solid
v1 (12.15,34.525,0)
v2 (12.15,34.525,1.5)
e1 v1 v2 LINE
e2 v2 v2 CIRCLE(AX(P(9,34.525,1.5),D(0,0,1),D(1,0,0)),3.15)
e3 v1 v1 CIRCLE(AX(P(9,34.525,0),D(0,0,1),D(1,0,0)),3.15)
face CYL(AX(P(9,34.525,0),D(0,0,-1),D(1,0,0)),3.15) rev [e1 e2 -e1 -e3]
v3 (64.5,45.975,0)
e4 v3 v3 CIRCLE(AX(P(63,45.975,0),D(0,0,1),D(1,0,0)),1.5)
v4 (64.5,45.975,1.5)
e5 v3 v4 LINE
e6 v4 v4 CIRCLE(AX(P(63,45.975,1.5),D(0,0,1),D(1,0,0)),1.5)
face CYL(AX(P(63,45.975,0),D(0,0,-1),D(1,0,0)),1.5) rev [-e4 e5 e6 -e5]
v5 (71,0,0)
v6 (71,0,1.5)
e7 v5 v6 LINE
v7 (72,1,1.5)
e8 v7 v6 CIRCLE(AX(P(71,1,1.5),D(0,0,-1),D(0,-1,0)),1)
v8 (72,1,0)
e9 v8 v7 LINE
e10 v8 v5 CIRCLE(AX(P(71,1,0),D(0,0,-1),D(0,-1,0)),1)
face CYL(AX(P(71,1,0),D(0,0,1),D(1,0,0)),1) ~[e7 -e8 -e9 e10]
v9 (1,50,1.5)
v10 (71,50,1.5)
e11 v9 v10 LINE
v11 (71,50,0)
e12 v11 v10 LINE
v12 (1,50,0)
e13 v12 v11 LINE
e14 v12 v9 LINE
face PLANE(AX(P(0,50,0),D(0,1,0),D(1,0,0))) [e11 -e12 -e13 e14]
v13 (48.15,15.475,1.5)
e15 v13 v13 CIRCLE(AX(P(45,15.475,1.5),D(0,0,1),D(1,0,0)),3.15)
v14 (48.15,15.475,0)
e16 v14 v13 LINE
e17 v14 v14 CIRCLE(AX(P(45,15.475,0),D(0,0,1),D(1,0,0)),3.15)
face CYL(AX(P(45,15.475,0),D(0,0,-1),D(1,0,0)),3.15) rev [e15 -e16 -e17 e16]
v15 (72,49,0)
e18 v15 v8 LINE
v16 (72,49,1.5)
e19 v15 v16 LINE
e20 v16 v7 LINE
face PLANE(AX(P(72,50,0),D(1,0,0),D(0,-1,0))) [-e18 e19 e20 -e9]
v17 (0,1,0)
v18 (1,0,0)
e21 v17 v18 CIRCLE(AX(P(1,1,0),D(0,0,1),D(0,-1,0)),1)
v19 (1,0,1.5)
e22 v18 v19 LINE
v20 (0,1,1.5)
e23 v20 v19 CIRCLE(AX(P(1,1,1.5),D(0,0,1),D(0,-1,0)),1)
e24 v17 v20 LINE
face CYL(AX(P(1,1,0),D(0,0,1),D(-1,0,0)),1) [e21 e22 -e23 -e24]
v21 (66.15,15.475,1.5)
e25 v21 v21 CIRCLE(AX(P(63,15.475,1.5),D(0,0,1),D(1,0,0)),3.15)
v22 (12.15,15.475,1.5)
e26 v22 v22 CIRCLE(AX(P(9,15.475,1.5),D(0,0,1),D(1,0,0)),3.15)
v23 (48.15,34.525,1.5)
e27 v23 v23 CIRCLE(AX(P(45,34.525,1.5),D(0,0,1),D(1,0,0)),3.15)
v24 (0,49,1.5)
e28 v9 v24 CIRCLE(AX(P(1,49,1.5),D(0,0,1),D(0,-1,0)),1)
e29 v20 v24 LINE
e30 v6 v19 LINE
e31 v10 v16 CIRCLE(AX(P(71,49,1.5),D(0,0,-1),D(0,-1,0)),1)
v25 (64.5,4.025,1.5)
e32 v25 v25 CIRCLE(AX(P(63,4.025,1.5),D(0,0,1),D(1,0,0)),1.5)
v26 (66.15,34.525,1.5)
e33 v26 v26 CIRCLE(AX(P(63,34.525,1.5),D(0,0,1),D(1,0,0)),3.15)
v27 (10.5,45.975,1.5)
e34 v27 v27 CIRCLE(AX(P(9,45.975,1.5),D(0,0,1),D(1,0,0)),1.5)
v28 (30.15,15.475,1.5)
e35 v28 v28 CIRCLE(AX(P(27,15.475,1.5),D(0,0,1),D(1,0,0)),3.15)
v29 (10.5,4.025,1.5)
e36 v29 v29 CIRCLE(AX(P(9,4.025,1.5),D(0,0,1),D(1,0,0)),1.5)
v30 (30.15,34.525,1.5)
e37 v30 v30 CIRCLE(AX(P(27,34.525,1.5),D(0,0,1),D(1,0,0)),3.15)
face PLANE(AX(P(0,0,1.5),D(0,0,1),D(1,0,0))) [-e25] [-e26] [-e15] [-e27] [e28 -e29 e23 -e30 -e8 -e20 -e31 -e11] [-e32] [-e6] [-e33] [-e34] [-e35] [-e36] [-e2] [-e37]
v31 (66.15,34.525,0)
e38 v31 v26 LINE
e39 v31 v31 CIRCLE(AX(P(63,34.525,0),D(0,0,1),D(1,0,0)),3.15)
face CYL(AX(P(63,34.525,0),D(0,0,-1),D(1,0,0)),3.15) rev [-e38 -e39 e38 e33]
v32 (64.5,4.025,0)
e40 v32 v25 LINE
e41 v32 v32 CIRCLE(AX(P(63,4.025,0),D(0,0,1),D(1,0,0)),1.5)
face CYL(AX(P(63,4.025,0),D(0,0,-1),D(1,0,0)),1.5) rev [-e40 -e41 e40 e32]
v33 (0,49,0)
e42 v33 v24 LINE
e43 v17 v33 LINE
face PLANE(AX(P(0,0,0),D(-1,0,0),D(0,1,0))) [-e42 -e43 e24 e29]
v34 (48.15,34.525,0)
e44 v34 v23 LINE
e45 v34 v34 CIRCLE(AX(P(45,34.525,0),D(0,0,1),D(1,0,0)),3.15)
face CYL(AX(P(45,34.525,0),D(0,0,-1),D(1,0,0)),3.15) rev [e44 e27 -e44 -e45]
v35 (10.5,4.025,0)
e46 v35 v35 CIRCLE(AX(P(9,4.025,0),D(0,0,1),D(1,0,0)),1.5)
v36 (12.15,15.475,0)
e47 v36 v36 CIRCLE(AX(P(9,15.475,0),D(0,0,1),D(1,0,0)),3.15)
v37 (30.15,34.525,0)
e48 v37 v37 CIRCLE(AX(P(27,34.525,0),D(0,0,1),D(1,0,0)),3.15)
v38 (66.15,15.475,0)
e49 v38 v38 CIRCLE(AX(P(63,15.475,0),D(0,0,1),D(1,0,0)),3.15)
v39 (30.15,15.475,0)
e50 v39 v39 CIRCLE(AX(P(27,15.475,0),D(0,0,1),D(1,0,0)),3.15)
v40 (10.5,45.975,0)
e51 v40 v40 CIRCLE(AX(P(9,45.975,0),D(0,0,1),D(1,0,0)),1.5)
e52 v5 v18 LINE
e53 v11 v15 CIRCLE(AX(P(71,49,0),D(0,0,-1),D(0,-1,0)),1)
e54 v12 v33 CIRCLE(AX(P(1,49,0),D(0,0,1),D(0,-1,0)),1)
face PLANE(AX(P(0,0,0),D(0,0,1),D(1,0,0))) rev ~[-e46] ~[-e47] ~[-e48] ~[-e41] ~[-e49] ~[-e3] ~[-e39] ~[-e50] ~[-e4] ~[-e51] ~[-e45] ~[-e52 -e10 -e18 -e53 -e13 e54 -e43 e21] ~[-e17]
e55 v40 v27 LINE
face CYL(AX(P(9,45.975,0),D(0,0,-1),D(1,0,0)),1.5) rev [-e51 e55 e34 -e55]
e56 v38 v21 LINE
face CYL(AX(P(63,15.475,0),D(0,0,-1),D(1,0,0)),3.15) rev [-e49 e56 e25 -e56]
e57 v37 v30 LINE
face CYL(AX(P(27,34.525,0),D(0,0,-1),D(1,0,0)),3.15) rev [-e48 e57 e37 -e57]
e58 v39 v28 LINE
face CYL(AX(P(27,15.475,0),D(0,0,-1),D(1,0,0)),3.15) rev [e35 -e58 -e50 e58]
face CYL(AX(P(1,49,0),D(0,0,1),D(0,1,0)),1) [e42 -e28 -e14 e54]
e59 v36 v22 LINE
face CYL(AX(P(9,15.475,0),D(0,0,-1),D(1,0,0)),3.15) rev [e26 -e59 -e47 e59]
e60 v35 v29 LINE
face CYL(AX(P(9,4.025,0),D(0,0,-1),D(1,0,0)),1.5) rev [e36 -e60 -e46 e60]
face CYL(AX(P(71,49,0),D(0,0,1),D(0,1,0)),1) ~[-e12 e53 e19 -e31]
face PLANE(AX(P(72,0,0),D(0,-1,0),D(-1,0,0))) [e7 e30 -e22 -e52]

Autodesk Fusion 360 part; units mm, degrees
sketch "Sketch1" plane through (0, 0, 0) normal (0, 0, 1) x (1, 0, 0)
  circle A0 centre (9, 34.525) radius 3.95
  circle A1 centre (9, 15.475) radius 3.95
  line L0 (9, 34.525) -> (9, 15.475) construction
  circle A2 centre (9, 45.975) radius 1.5
  circle A3 centre (9, 4.025) radius 1.5
  line L1 (-1.2896, 25) -> (19.2896, 25) construction
  line L2 (9, 45.975) -> (9, 4.025) construction
  line L3 (5.7, 40.3994) -> (5.7, 10.52)
  line L4 (5.7, 10.52) -> (12.3, 10.52) construction
  line L5 (12.3, 10.52) -> (12.3, 40.3994)
  line L6 (12.3, 40.3994) -> (5.7, 40.3994) construction
  line L7 (5.05, 34.525) -> (12.95, 34.525) construction
  circle A4 centre (27, 34.525) radius 3.95
  line L8 (23.7, 40.3994) -> (23.7, 10.52)
  line L9 (30.3, 10.52) -> (30.3, 40.3994)
  circle A5 centre (27, 15.475) radius 3.95
  circle A6 centre (27, 4.025) radius 1.5
  circle A7 centre (27, 45.975) radius 1.5
  circle A8 centre (45, 34.525) radius 3.95
  line L10 (41.7, 40.3994) -> (41.7, 10.52)
  line L11 (48.3, 10.52) -> (48.3, 40.3994)
  circle A9 centre (45, 15.475) radius 3.95
  circle A10 centre (45, 4.025) radius 1.5
  circle A11 centre (45, 45.975) radius 1.5
  line L12 (0, 50) -> (72, 50)
  line L13 (72, 50) -> (72, 0)
  line L14 (72, 0) -> (0, 0)
  line L15 (0, 0) -> (0, 50)
  line L16 (27, 45.975) -> (27, 4.025) construction
  line L17 (45, 45.975) -> (45, 4.025) construction
  circle A12 centre (63, 34.525) radius 3.95
  line L18 (59.7, 40.3994) -> (59.7, 10.52)
  line L19 (66.3, 10.52) -> (66.3, 40.3994)
  circle A13 centre (63, 15.475) radius 3.95
  circle A14 centre (63, 4.025) radius 1.5
  circle A15 centre (63, 45.975) radius 1.5
  line L20 (63, 45.975) -> (63, 4.025) construction
  line L21 (36, 50) -> (36, 0) construction
  line L22 (0, 25) -> (72, 25) construction
  line L23 (9, 15.475) -> (27, 15.475) construction
  line L24 (18, 15.475) -> (18, 27.912) construction
  point P0 (9, 5.525)
  point P1 (9, 11.525)
  point P2 (27, 34.525)
  point P3 (27, 15.475)
  point P4 (45, 34.525)
  point P5 (45, 15.475)
  point P6 (63, 34.525)
  point P7 (63, 15.475)
  point P8 (45, -15.475)
  point P9 (0, -50)
  point P10 (0, -25)
  point P11 (45, -45.975)
  point P12 (45, -34.525)
  point P13 (0, 50)
  dimension "d4" = 7.9
  dimension "d5" = 7.9
  dimension "d6" = 19.05
  dimension "d7" = 6
  dimension "d8" = 3
  dimension "d9" = 0.65
  dimension "d12" = 18
  dimension "d13" = 0
  dimension "d19" = 50
  dimension "d24" = 41.95
  dimension "d34" = 9
  dimension "d35" = 9
  dimension "d36" = 9
extrude "Extrude1" add sketch "Sketch1" along normal blind 1.5 contours A0 L5 | A0 A1 L3 L5 | A0 L3 | A1 L5 | A1 L3 | A4 L9 | A4 L8 L9 A5 | A4 L8 | L9 A5 | L8 A5 | A6 | A7 | A8 L11 | A8 L10 L11 A9 | A8 L10 | L11 A9 | L10 A9 | A10 | A11 | L12 L13 L14 L15 | A12 L19 | A12 L18 L19 A13 | A12 L18 | L19 A13 | L18 A13 makes body 1
sketch "Sketch2" plane through (0, 0, 0) normal (0, 0, -1) x (1, 0, 0)
  circle A0 centre (9, -4.025) radius 1.5
  circle A1 centre (63, -4.025) radius 1.5
  arc A2 (12.3, -13.3042) -> (5.7, -13.3042) centre (9, -15.475) ccw construction
  line L0 (12.3, -13.3042) -> (12.3, -17.6458) construction
  arc A3 (5.7, -17.6458) -> (12.3, -17.6458) centre (9, -15.475) ccw construction
  line L1 (5.7, -17.6458) -> (5.7, -13.3042) construction
  line L2 (30.3, -13.3042) -> (30.3, -17.6458) construction
  arc A4 (23.7, -17.6458) -> (30.3, -17.6458) centre (27, -15.475) ccw construction
  line L3 (23.7, -17.6458) -> (23.7, -13.3042) construction
  arc A5 (30.3, -13.3042) -> (23.7, -13.3042) centre (27, -15.475) ccw construction
  circle A6 centre (63, -45.975) radius 1.5
  line L4 (48.3, -13.3042) -> (48.3, -17.6458) construction
  arc A7 (41.7, -17.6458) -> (48.3, -17.6458) centre (45, -15.475) ccw construction
  line L5 (41.7, -17.6458) -> (41.7, -13.3042) construction
  arc A8 (48.3, -13.3042) -> (41.7, -13.3042) centre (45, -15.475) ccw construction
  circle A9 centre (9, -45.975) radius 1.5
  line L6 (66.3, -13.3042) -> (66.3, -17.6458) construction
  arc A10 (59.7, -17.6458) -> (66.3, -17.6458) centre (63, -15.475) ccw construction
  line L7 (59.7, -17.6458) -> (59.7, -13.3042) construction
  arc A11 (66.3, -13.3042) -> (59.7, -13.3042) centre (63, -15.475) ccw construction
  line L8 (72, 0) -> (0, 0)
  line L9 (0, 0) -> (0, -50)
  line L10 (0, -50) -> (72, -50)
  line L11 (72, -50) -> (72, 0)
  line L12 (0.4311, -10.2537) -> (71.5689, -10.2537)
  line L13 (71.5689, -10.2537) -> (71.5689, -39.7463)
  line L14 (71.5689, -39.7463) -> (0.4311, -39.7463)
  line L15 (0.4311, -39.7463) -> (0.4311, -10.2537)
  line L16 (0, -25) -> (72, -25) construction
  line L17 (27, -45.975) -> (27, -4.025) construction
  line L18 (45, -45.975) -> (45, -4.025) construction
  line L19 (63, -45.975) -> (63, -4.025) construction
  line L20 (9, -45.975) -> (9, -4.025) construction
  line L21 (36, 0) -> (36, -50) construction
  line L22 (73.0689, -8.7537) -> (73.0689, -41.2463)
  line L23 (73.0689, -41.2463) -> (-1.0689, -41.2463)
  line L24 (-1.0689, -41.2463) -> (-1.0689, -8.7537)
  line L25 (-1.0689, -8.7537) -> (73.0689, -8.7537)
  arc A12 (12.3, -32.3542) -> (5.7, -32.3542) centre (9, -34.525) ccw
  line L26 (12.3, -32.3542) -> (12.3, -36.6958)
  arc A13 (5.7, -36.6958) -> (12.3, -36.6958) centre (9, -34.525) ccw
  line L27 (5.7, -36.6958) -> (5.7, -32.3542)
  arc A14 (66.3, -32.3542) -> (59.7, -32.3542) centre (63, -34.525) ccw
  line L28 (66.3, -32.3542) -> (66.3, -36.6958)
  arc A15 (59.7, -36.6958) -> (66.3, -36.6958) centre (63, -34.525) ccw
  line L29 (59.7, -36.6958) -> (59.7, -32.3542)
  arc A16 (30.3, -32.3542) -> (23.7, -32.3542) centre (27, -34.525) ccw
  line L30 (30.3, -32.3542) -> (30.3, -36.6958)
  arc A17 (23.7, -36.6958) -> (30.3, -36.6958) centre (27, -34.525) ccw
  line L31 (23.7, -36.6958) -> (23.7, -32.3542)
  arc A18 (48.3, -32.3542) -> (41.7, -32.3542) centre (45, -34.525) ccw
  line L32 (48.3, -32.3542) -> (48.3, -36.6958)
  arc A19 (41.7, -36.6958) -> (48.3, -36.6958) centre (45, -34.525) ccw
  line L33 (41.7, -36.6958) -> (41.7, -32.3542)
  dimension "d18" = -1.5
sketch "Sketch3" plane through (0, 0, 0) normal (0, 0, 1) x (1, 0, 0)
  line L0 (0, 50) -> (72, 50)
  line L1 (72, 50) -> (72, 0)
  line L2 (72, 0) -> (0, 0)
  line L3 (0, 0) -> (0, 50)
  circle A0 centre (9, 45.975) radius 1.5
  circle A1 centre (9, 4.025) radius 1.5
  circle A2 centre (9, 34.525) radius 3.15
  circle A3 centre (9, 15.475) radius 3.15
  circle A4 centre (27, 34.525) radius 3.15
  circle A5 centre (27, 45.975) radius 1.5
  circle A6 centre (27, 15.475) radius 3.15
  circle A7 centre (27, 4.025) radius 1.5
  circle A8 centre (45, 34.525) radius 3.15
  circle A9 centre (45, 45.975) radius 1.5
  circle A10 centre (45, 15.475) radius 3.15
  circle A11 centre (45, 4.025) radius 1.5
  circle A12 centre (63, 34.525) radius 3.15
  circle A13 centre (63, 45.975) radius 1.5
  circle A14 centre (63, 15.475) radius 3.15
  circle A15 centre (63, 4.025) radius 1.5
  point P0 (0, 50)
  point P1 (72, 0)
  point P2 (9, 45.975)
  point P3 (9, 4.025)
  point P4 (9, 34.525)
  point P5 (9, 15.475)
  point P6 (27, 15.475)
  point P7 (27, 4.025)
  point P8 (45, 15.475)
  point P9 (45, 4.025)
  point P10 (63, 15.475)
  point P11 (63, 4.025)
  dimension "d25" = 6.3
  dimension "d26" = 6.3
  dimension "d29" = 18
  dimension "d30" = 0
extrude "Extrude3" add sketch "Sketch3" along normal blind 1.5 separate body contours L0 L1 L2 L3 | A5 | A7 | A9 | A11 makes body 2
fillet "Fillet1" radius 1 4 edges at (72, 0, 0.75) (0, 0, 0.75) (72, 50, 0.75) (0, 50, 0.75) on bodies 2
hidden bodies 1
equation "banana_d = 7.9 mm"
equation "ctr_to_ctr = 0.75 in"
equation "flat_inset = 0.65 mm"
equation "d4 = banana_d"
equation "d5 = banana_d"
equation "d6 = ctr_to_ctr"
equation "d7 = 5 mm + 1 mm"
equation "d9 = flat_inset"
equation "x_spacing = 18 mm"
equation "d26 = d25"
equation "d29 = x_spacing"
equation "d36 = d35"
